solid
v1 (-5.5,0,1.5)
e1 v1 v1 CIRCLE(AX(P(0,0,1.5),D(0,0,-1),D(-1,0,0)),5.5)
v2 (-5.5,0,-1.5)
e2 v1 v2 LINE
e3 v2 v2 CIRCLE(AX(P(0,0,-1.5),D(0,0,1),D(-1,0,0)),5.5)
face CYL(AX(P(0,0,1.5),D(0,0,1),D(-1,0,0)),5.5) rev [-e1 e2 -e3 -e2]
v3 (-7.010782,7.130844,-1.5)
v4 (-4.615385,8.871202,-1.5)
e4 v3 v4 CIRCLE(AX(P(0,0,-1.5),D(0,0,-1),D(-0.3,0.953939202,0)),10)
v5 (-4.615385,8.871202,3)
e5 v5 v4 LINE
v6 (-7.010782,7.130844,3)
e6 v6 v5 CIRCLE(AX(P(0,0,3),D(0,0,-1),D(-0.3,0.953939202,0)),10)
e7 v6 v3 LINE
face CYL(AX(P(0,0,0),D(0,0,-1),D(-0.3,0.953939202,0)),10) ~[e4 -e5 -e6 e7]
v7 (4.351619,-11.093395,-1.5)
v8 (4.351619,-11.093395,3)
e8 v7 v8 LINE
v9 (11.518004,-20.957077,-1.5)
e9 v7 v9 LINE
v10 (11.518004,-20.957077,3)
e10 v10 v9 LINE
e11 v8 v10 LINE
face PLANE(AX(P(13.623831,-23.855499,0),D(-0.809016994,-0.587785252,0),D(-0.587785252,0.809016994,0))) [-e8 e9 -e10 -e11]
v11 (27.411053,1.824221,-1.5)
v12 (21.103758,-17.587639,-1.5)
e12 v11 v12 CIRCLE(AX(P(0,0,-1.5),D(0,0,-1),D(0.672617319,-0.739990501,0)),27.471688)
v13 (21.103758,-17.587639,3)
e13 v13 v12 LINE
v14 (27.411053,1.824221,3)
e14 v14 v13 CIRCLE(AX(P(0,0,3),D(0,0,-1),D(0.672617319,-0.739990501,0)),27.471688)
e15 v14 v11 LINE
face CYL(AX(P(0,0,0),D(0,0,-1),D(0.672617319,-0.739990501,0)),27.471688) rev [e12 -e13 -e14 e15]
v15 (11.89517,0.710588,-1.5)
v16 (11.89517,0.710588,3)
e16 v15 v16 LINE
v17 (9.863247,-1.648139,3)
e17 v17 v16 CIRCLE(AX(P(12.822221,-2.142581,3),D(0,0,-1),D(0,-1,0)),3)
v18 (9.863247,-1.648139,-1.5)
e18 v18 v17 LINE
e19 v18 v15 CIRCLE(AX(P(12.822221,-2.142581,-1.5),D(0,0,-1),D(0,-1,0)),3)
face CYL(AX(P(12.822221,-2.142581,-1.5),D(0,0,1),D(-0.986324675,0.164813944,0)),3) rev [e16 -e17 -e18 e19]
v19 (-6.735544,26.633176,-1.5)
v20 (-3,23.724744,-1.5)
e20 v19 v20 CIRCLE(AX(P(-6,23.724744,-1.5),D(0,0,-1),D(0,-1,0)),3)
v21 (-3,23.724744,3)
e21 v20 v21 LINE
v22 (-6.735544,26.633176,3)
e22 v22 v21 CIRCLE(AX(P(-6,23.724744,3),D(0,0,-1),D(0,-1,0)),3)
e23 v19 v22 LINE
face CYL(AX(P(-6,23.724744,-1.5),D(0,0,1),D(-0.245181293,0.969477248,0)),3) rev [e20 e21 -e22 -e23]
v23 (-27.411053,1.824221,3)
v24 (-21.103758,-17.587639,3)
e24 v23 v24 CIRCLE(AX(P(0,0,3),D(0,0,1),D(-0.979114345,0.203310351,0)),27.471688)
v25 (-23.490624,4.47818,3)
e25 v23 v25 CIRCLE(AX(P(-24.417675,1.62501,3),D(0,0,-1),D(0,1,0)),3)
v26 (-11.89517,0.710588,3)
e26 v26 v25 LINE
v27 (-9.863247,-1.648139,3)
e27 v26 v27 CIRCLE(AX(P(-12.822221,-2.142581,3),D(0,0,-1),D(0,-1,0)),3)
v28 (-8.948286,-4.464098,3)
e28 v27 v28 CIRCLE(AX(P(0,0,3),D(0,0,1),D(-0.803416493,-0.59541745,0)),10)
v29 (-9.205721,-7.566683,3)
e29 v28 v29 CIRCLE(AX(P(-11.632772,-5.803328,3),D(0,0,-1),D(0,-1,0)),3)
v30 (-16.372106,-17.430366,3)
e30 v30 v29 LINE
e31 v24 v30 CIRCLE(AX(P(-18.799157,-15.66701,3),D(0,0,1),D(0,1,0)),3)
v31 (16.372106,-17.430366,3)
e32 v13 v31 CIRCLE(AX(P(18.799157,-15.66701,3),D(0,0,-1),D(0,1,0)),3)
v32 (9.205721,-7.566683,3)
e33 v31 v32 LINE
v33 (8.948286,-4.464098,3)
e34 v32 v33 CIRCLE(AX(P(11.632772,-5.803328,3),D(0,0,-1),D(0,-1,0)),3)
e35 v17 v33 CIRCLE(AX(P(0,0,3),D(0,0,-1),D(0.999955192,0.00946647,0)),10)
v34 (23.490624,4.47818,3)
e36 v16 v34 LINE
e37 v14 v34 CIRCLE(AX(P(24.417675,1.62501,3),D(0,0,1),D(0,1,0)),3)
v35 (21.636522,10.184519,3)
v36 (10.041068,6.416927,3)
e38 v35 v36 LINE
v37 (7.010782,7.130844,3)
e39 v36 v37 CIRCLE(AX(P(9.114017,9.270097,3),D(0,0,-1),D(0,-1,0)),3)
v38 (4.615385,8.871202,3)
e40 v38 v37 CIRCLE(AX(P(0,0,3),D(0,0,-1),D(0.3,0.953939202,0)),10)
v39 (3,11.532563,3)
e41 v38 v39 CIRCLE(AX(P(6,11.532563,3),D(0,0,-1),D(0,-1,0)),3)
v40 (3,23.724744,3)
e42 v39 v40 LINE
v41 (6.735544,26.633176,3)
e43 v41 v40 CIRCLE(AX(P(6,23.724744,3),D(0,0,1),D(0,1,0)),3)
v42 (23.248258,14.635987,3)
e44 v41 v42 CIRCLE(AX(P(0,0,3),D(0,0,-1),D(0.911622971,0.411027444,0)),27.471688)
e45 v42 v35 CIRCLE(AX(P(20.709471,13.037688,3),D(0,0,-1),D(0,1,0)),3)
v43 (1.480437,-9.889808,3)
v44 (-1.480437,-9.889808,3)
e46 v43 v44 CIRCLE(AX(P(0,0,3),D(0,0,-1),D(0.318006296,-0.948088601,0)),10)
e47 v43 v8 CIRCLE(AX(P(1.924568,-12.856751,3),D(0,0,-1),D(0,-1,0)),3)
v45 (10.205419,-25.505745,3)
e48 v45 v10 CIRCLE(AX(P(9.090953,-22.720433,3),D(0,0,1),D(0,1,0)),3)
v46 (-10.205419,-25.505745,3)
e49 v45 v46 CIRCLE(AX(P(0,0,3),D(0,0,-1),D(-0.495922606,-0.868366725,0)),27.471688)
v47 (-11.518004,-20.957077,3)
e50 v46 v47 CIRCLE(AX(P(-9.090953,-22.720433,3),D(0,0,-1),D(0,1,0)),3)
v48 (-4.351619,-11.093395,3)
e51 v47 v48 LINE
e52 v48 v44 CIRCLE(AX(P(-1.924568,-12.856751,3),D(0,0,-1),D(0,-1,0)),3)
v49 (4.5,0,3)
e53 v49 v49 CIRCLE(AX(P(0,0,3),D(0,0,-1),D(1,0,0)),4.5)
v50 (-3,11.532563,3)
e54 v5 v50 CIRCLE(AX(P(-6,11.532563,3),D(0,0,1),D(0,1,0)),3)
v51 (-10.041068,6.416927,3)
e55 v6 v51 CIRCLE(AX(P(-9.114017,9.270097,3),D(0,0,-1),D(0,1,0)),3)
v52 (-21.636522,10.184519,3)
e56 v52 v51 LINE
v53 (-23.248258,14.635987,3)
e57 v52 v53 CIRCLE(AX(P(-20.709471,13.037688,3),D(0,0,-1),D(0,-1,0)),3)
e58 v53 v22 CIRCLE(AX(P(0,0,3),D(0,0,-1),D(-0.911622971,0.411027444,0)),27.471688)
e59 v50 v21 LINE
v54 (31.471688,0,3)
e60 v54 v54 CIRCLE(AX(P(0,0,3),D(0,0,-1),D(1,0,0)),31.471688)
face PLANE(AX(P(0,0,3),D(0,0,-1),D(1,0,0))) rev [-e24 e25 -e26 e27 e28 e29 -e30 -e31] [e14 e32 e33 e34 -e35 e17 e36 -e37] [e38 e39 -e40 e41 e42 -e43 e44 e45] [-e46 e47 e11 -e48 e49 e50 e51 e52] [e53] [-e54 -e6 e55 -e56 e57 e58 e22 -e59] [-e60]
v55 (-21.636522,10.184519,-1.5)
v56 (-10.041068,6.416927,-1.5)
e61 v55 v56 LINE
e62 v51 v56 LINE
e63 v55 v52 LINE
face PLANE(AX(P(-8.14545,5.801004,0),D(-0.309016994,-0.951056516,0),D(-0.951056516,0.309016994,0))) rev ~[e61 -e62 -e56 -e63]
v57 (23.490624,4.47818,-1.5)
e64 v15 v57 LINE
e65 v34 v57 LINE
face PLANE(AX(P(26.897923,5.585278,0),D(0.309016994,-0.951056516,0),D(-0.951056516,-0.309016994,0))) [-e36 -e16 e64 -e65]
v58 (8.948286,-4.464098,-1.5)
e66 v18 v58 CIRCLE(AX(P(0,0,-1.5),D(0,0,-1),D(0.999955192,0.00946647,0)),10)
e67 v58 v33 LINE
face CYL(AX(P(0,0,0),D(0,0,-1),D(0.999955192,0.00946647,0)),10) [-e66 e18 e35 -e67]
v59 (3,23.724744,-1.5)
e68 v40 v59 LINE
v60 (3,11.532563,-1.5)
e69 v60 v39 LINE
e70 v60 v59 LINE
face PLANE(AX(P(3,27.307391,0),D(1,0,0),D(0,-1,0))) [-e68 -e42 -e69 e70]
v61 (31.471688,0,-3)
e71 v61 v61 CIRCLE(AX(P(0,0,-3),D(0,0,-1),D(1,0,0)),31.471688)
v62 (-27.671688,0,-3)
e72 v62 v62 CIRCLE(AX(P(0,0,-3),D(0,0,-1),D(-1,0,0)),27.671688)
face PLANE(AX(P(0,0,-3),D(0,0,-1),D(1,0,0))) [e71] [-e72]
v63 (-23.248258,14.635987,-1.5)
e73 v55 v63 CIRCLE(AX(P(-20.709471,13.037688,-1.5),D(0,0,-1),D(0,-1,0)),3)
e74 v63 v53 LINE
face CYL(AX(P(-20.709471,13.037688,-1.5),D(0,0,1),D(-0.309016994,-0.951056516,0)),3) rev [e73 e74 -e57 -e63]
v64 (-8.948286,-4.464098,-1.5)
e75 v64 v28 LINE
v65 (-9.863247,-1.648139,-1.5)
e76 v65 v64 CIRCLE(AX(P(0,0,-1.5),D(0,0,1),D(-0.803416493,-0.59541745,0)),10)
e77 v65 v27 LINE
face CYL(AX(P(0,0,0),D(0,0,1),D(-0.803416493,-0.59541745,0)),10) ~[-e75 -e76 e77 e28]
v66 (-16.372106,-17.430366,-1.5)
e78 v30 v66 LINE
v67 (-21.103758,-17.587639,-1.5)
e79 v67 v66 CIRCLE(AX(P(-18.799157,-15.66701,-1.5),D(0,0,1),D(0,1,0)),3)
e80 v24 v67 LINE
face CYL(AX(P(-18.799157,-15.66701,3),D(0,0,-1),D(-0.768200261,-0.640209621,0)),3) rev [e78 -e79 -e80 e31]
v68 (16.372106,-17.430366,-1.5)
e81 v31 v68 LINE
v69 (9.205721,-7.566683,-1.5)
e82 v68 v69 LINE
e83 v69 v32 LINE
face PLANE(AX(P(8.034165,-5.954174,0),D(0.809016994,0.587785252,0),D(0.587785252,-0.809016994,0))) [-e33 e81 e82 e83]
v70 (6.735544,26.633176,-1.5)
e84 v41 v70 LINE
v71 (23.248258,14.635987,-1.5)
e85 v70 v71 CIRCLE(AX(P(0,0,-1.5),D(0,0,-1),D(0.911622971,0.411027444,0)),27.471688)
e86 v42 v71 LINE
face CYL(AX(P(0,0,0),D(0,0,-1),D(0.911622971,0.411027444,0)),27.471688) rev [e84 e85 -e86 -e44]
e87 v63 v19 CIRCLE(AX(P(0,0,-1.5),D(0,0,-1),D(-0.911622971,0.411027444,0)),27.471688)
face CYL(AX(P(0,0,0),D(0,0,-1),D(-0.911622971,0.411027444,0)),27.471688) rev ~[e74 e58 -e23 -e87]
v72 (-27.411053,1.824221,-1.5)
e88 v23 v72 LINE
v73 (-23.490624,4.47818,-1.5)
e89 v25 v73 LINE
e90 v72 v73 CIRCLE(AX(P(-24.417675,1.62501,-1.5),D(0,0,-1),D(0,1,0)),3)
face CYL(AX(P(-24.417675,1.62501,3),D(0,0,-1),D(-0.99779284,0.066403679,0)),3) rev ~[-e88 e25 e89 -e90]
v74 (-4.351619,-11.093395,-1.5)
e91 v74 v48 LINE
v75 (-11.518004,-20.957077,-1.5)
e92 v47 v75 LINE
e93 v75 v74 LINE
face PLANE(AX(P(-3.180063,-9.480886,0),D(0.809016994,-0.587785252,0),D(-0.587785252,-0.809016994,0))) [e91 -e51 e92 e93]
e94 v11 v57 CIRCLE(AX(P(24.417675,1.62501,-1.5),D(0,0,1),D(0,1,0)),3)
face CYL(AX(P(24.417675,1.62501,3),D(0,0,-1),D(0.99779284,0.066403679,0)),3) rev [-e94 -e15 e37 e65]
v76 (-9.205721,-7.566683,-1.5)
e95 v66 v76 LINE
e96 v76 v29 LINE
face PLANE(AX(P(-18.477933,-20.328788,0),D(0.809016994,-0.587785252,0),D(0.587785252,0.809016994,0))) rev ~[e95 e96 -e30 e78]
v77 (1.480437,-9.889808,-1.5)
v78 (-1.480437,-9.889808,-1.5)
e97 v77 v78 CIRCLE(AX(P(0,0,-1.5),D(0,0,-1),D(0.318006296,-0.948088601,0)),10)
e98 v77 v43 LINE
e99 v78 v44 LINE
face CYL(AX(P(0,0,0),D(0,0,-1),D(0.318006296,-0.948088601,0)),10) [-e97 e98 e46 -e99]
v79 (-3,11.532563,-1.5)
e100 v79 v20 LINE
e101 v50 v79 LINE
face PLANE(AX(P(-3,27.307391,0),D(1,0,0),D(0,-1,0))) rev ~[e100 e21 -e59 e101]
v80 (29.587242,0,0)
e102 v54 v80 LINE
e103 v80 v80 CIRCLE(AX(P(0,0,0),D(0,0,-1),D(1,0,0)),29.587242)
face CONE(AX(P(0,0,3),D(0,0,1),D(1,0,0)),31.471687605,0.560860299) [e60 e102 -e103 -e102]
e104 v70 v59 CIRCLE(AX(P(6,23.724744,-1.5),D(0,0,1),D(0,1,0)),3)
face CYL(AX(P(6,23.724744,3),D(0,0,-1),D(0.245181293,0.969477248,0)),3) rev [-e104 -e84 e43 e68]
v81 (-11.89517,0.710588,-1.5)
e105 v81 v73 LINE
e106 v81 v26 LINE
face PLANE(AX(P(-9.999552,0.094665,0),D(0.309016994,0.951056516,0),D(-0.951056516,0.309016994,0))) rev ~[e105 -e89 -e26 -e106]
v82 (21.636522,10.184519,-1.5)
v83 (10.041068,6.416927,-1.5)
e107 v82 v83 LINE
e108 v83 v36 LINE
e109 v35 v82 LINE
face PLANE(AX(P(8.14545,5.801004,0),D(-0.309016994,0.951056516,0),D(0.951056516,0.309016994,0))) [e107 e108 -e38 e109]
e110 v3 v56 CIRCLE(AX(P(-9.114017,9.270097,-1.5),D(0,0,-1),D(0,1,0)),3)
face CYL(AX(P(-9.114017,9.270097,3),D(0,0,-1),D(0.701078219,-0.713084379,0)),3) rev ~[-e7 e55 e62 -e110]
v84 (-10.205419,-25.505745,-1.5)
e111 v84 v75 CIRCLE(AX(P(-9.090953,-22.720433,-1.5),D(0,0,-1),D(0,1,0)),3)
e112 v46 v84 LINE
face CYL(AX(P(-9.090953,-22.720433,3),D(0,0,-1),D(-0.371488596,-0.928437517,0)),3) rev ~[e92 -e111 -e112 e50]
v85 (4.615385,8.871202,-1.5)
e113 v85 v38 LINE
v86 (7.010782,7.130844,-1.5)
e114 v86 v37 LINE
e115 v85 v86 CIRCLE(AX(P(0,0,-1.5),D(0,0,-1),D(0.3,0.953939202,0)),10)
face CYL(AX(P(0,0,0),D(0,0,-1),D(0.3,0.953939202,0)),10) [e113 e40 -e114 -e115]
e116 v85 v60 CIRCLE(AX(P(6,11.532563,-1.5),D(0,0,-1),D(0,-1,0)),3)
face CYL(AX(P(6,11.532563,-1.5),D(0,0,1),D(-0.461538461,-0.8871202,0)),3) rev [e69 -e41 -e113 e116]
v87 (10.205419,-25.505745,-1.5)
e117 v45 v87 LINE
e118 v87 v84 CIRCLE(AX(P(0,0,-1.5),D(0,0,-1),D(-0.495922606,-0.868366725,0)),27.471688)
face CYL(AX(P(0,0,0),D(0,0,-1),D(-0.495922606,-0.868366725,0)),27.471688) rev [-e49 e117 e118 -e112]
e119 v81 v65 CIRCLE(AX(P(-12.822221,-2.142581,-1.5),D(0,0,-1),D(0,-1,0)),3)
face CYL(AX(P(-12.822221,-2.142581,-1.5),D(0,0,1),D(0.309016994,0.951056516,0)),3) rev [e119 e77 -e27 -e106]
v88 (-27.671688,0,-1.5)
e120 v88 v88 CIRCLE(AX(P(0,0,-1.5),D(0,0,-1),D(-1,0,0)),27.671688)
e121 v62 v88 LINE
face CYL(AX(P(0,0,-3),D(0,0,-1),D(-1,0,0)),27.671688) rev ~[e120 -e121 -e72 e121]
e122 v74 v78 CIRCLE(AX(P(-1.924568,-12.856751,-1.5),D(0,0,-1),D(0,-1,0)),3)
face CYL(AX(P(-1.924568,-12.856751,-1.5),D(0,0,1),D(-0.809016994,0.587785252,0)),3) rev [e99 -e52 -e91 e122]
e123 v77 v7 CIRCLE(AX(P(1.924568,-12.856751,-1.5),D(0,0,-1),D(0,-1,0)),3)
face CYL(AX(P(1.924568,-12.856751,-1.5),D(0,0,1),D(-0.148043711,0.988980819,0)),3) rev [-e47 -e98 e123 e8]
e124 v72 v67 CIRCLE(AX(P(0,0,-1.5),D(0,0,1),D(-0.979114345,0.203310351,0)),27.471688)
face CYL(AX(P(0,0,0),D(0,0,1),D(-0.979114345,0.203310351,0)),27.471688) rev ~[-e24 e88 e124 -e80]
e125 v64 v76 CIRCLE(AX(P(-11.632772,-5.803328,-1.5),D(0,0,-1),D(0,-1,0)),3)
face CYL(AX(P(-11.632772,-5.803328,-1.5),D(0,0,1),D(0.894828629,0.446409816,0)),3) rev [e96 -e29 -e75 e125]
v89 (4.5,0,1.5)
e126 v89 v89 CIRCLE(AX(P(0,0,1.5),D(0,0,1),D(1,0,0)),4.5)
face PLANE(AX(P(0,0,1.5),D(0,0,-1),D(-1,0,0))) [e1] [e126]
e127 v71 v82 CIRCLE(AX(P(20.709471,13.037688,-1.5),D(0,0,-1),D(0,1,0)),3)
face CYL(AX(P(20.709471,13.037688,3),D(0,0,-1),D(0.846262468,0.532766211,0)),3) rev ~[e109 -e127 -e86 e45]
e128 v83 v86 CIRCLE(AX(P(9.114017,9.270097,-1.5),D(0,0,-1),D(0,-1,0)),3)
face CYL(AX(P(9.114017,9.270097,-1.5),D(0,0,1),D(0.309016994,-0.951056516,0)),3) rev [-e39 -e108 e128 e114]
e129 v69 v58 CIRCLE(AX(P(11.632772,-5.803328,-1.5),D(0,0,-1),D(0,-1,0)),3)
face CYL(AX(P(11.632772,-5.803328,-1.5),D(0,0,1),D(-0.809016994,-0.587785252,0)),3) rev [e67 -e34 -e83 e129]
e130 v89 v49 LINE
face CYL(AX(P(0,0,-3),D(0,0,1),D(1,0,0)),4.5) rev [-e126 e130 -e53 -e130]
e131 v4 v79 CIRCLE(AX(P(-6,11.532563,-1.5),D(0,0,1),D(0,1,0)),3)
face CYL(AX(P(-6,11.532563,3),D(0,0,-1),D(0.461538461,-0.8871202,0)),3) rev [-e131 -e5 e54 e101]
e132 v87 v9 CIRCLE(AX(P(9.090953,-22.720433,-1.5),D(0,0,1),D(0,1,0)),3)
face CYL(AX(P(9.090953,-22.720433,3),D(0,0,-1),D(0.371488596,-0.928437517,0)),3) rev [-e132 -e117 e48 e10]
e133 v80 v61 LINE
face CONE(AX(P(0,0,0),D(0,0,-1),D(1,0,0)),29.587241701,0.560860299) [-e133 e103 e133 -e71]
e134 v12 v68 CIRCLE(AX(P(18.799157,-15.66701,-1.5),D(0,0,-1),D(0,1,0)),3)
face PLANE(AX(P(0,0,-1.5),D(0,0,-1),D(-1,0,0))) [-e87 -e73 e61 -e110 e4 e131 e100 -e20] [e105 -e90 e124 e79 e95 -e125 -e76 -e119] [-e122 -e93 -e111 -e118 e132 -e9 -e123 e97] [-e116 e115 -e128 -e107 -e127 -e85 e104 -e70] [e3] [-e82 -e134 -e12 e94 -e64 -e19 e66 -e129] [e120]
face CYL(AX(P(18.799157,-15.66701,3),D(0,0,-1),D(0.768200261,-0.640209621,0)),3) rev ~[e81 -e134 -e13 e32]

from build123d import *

# Parameters (mm, degrees)
CUT_EXTRUDE1_DEPTH      = 5
SKETCH3_R               = 27.671687605
CUT_EXTRUDE2_DEPTH      = 1.5
FILLET1_R               = 3
CUT_EXTRUDE3_DEPTH      = 11
CUT_EXTRUDE3_DEPTH_BACK = 1.5
SKETCH4_R               = 5.5


with BuildPart() as part:
    # Sketch1 → Revolve1 (revolve)
    with BuildSketch(Plane(origin=(0, 0, 0), x_dir=(0, 0, -1), z_dir=(1, 0, 0)), mode=Mode.PRIVATE) as revolve1_sk:
        Polygon((3, 31.471687605), (3, 4.5), (-3, 4.5), (-3, 31.471687605), (0, 29.587241701), align=None)
    revolve(revolve1_sk.sketch.rotate(Axis((0, 0, 0), (0, 0, -1)), 90), axis=Axis((0, 0, 0), (0, 0, -1)))

    # Sketch2 → Cut-Extrude1 (cut, symmetric)
    with BuildSketch(Plane.XY):
        with BuildLine():
            Line((-3, 27.307391304), (-3, 9.539392014))
            ThreePointArc((-3, 9.539392014), (-5.877852523, 8.090169944), (-8.145449953, 5.801003797))
            Line((-8.145449953, 5.801003797), (-25.04382146, 11.291617534))
            ThreePointArc((-25.04382146, 11.291617534), (-16.14745283, 22.225062136), (-3, 27.307391304))
        make_face()
        with BuildLine():
            Line((3, 27.307391304), (3, 9.539392014))
            ThreePointArc((3, 9.539392014), (5.877852523, 8.090169944), (8.145449953, 5.801003797))
            Line((8.145449953, 5.801003797), (25.04382146, 11.291617534))
            ThreePointArc((25.04382146, 11.291617534), (16.14745283, 22.225062136), (3, 27.307391304))
        make_face()
        with BuildLine():
            Line((26.897923426, 5.585278436), (9.99955192, 0.094664699))
            ThreePointArc((9.99955192, 0.094664699), (9.510565163, -3.090169944), (8.034164925, -5.954174499))
            Line((8.034164925, -5.954174499), (18.47793287, -20.328787881))
            ThreePointArc((18.47793287, -20.328787881), (26.12712751, -8.489218334), (26.897923426, 5.585278436))
        make_face()
        with BuildLine():
            Line((13.623830904, -23.855499394), (3.180062959, -9.480886012))
            ThreePointArc((3.180062959, -9.480886012), (0, -10), (-3.180062959, -9.480886012))
            Line((-3.180062959, -9.480886012), (-13.623830904, -23.855499394))
            ThreePointArc((-13.623830904, -23.855499394), (0, -27.471687605), (13.623830904, -23.855499394))
        make_face()
        with BuildLine():
            Line((-18.47793287, -20.328787881), (-8.034164925, -5.954174499))
            ThreePointArc((-8.034164925, -5.954174499), (-9.510565163, -3.090169944), (-9.99955192, 0.094664699))
            Line((-9.99955192, 0.094664699), (-26.897923426, 5.585278436))
            ThreePointArc((-26.897923426, 5.585278436), (-26.12712751, -8.489218334), (-18.47793287, -20.328787881))
        make_face()
    extrude(amount=CUT_EXTRUDE1_DEPTH, both=True, mode=Mode.SUBTRACT)

    # Sketch3 → Cut-Extrude2 (cut)
    with BuildSketch(Plane(origin=(0, 0, -3), x_dir=(-1, 0, 0), z_dir=(0, 0, -1))):
        Circle(SKETCH3_R)
    extrude(amount=-CUT_EXTRUDE2_DEPTH, mode=Mode.SUBTRACT)

    # Fillet1
    fillet1_edges = [part.edges().sort_by_distance(p)[0] for p in [
        (-8.034164925, -5.954174499, 0.75),
        (-18.47793287, -20.328787881, 0.75),
        (-9.99955192, 0.094664699, 0.75),
        (-26.897923426, 5.585278436, 0.75),
        (3.180062959, -9.480886012, 0.75),
        (13.623830904, -23.855499394, 0.75),
        (-3.180062959, -9.480886012, 0.75),
        (-13.623830904, -23.855499394, 0.75),
        (9.99955192, 0.094664699, 0.75),
        (26.897923426, 5.585278436, 0.75),
        (8.034164925, -5.954174499, 0.75),
        (18.47793287, -20.328787881, 0.75),
        (3, 9.539392014, 0.75),
        (3, 27.307391304, 0.75),
        (8.145449953, 5.801003797, 0.75),
        (25.04382146, 11.291617534, 0.75),
        (-8.145449953, 5.801003797, 0.75),
        (-25.04382146, 11.291617534, 0.75),
        (-3, 9.539392014, 0.75),
        (-3, 27.307391304, 0.75),
    ]]
    fillet(fillet1_edges, radius=FILLET1_R)

    # Sketch4 → Cut-Extrude3 (cut, two sides: drawn at the far end of the back side and taken through both)
    with BuildSketch(Plane(origin=(0, 0, 0), x_dir=(-1, 0, 0), z_dir=(0, 0, -1)).offset(-CUT_EXTRUDE3_DEPTH_BACK)):
        Circle(SKETCH4_R)
    extrude(amount=CUT_EXTRUDE3_DEPTH + CUT_EXTRUDE3_DEPTH_BACK, mode=Mode.SUBTRACT)


solid = part.part
